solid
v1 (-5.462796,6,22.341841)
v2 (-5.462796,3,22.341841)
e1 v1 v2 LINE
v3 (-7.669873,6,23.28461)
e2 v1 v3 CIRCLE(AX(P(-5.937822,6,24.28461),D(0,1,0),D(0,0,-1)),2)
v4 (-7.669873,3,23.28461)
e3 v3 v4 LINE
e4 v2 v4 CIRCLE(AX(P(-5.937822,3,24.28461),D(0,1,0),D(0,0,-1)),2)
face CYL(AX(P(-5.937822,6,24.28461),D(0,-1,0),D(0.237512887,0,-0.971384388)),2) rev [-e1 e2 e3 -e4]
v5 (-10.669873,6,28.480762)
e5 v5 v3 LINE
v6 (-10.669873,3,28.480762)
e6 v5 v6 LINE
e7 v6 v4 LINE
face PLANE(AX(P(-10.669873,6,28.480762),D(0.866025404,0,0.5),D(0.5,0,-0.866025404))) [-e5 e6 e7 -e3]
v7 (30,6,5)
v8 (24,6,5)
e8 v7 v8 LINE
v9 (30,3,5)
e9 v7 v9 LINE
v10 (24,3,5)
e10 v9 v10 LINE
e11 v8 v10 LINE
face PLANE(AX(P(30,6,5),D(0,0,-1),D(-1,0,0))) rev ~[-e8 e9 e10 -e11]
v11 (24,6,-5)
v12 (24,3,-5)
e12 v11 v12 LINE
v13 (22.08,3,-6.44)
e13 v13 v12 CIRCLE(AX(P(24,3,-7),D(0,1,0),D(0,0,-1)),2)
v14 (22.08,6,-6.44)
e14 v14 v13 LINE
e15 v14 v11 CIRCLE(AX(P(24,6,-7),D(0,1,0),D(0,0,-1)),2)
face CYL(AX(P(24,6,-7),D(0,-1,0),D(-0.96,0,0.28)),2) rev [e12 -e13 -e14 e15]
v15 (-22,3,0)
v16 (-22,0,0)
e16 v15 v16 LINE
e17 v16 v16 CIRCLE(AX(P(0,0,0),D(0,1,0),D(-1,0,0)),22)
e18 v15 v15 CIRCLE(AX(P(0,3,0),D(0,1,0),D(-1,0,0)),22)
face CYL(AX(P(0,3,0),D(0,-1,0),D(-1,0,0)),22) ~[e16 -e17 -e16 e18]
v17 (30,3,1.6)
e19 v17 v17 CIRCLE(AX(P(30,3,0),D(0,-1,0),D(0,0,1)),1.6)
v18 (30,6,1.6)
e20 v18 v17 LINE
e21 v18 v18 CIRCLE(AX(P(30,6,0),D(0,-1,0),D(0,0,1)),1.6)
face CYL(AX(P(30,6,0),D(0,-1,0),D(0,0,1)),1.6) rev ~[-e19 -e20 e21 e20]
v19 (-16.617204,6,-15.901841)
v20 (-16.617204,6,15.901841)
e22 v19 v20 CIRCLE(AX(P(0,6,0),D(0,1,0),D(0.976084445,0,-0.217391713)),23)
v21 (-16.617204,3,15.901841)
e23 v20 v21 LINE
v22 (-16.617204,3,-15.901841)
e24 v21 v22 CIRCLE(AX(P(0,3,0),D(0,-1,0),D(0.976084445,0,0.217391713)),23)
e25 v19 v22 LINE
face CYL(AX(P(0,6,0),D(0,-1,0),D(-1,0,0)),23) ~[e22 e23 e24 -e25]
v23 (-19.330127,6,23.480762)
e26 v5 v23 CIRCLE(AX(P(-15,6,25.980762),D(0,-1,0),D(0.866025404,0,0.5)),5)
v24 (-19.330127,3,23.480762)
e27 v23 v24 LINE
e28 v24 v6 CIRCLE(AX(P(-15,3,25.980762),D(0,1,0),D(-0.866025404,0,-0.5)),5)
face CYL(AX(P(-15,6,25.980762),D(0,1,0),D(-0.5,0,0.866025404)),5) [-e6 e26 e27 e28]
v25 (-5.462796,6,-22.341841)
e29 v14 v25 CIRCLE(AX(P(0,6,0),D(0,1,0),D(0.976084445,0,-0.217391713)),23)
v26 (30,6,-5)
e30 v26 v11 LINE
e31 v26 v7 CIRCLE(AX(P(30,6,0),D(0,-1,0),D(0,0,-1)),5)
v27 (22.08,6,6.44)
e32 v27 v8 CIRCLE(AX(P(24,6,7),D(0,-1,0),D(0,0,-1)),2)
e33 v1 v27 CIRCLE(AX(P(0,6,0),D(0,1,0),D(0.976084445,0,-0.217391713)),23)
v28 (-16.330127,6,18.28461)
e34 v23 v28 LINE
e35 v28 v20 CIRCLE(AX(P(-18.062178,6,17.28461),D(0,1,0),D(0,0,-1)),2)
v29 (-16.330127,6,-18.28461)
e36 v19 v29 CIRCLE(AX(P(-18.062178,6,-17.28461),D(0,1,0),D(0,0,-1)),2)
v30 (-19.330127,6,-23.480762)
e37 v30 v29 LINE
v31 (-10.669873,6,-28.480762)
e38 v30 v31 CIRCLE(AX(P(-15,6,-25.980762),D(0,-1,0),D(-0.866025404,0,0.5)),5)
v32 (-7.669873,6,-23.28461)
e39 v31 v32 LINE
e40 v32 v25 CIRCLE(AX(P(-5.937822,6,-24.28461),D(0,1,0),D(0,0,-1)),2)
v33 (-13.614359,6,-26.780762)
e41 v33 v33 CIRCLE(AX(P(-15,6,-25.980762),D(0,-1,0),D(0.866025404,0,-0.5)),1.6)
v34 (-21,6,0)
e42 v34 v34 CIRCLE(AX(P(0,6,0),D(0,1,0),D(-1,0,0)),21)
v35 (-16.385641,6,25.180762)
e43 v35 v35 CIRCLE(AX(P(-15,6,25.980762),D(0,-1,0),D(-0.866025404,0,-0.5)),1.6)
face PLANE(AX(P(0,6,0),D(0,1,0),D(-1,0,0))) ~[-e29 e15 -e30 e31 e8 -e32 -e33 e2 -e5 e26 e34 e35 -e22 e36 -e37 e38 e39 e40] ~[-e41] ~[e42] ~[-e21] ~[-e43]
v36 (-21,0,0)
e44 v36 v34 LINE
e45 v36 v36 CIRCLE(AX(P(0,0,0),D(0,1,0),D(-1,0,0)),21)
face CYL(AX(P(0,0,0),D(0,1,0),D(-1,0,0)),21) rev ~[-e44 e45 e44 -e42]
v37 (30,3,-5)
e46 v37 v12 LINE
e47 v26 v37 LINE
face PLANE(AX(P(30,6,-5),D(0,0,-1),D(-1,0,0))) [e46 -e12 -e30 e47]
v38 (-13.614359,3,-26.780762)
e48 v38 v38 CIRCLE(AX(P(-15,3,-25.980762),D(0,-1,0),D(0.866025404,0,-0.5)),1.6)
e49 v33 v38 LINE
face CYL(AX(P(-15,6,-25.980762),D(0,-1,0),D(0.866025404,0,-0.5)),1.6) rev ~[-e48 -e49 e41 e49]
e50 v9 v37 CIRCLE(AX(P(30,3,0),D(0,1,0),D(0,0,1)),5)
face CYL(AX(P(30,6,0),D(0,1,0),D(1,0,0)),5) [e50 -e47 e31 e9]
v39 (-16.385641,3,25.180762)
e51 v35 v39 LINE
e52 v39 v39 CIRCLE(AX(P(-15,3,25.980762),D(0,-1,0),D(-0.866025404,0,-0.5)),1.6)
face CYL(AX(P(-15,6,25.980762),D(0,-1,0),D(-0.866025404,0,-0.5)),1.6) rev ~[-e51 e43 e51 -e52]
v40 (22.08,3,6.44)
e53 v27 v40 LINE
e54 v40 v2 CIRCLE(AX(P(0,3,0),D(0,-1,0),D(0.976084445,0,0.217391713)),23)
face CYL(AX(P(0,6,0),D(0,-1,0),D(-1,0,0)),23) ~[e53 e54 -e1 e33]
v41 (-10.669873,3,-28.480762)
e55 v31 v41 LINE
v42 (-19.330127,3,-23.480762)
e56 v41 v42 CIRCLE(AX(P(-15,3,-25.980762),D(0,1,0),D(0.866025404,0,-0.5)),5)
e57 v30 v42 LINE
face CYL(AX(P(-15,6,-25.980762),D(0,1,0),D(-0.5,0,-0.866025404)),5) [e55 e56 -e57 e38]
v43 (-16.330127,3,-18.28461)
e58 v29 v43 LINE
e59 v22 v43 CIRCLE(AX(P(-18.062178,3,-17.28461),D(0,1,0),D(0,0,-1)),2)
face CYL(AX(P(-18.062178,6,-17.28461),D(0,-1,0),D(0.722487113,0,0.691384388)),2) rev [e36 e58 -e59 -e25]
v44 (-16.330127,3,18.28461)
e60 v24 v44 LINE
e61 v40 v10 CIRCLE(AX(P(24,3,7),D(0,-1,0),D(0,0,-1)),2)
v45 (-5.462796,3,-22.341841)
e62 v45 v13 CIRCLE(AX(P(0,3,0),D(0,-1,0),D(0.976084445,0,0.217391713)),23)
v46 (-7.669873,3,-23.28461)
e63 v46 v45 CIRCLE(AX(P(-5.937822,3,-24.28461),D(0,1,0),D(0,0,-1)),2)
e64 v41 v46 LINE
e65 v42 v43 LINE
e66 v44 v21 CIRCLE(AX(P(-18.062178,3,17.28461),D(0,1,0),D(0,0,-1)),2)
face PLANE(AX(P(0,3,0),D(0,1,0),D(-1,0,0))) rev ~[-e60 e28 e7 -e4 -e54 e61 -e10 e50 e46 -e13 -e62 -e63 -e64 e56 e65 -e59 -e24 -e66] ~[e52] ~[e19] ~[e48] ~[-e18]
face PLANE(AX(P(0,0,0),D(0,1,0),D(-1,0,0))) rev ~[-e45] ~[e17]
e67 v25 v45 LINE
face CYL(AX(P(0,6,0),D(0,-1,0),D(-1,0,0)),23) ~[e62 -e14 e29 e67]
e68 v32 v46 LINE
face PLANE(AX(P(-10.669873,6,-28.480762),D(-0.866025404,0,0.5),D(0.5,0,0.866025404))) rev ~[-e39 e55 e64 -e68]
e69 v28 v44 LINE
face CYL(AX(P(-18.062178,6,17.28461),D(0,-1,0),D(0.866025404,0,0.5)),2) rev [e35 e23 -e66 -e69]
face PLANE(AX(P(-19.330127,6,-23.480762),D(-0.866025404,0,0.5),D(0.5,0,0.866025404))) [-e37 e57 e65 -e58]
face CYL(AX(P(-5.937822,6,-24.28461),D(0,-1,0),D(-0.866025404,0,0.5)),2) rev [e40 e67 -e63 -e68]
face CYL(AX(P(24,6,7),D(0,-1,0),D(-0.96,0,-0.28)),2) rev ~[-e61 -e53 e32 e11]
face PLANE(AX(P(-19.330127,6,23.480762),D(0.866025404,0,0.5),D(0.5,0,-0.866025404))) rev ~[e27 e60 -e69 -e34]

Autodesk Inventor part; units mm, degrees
ref_plane "YZ Plane" through (0, 0, 0) normal (1, 0, 0) x (0, 1, 0)
ref_plane "XZ Plane" through (0, 0, 0) normal (0, 1, 0) x (-1, 0, 0)
ref_plane "XY Plane" through (0, 0, 0) normal (0, 0, 1) x (1, 0, 0)
sketch "Sketch1" plane through (0, 0, 0) normal (0, 0, 1) x (1, 0, 0)
  line L0 (-21, 0) -> (-21, 6)
  line L1 (-21, 6) -> (-23, 6)
  line L2 (-23, 6) -> (-23, 3)
  line L3 (-23, 3) -> (-22, 3)
  line L4 (-22, 3) -> (-22, 0)
  line L5 (-22, 0) -> (-21, 0)
  line L6 (0, -1.2) -> (0, 7.2) projected
  point P0 (0, 0)
  point P1 (-22, 1.5)
  dimension "d0" = 22
  dimension "d1" = 1
  dimension "d2" = 23
  dimension "d3" = 3
  dimension "d4" = 3
revolve "Revolution1" add sketch "Sketch1" angle 360 about axis through (0, -10, 0) along (0, 1, 0)
sketch "Sketch2" plane through (0, 6, 0) normal (0, 1, 0) x (1, 0, 0)
  circle A0 centre (0, 0) radius 30 construction
  circle A1 centre (30, 0) radius 5
  circle A2 centre (0, 0) radius 23 projected
  line L0 (30, 5) -> (22.4499, 5)
  line L1 (30, -5) -> (22.4499, -5)
  dimension "d6" = 60
  dimension "d7" = 10
extrude "Extrusion1" add sketch "Sketch2" against normal blind 3 contours A1 | A1 L1 A2 L0
fillet "Fillet1" radius 2 2 edges at (22.4499, 4.5, 5) (22.4499, 4.5, -5)
sketch "Sketch3" plane through (30, 6, 0) normal (0, 1, 0) x (1, 0, 0)
  arc A0 (0, -5) -> (0, 5) centre (0, 0) ccw projected
  point P0 (-30, 0)
hole "Hole1" at (30, 6, 0) direction (0, -1, 0) diameter 3.2 end through all clearance for "Flat Head Machine Screw" size "M3" standard "Ansi Metric M Profile"
pattern_circular "Circular Pattern1" count 3 over 360 about axis through (0, 3, 0) along (0, 1, 0) of "Extrusion1", "Hole1", "Fillet1"
properties part number "Electrode-Fixed-Press" material "Brass"
